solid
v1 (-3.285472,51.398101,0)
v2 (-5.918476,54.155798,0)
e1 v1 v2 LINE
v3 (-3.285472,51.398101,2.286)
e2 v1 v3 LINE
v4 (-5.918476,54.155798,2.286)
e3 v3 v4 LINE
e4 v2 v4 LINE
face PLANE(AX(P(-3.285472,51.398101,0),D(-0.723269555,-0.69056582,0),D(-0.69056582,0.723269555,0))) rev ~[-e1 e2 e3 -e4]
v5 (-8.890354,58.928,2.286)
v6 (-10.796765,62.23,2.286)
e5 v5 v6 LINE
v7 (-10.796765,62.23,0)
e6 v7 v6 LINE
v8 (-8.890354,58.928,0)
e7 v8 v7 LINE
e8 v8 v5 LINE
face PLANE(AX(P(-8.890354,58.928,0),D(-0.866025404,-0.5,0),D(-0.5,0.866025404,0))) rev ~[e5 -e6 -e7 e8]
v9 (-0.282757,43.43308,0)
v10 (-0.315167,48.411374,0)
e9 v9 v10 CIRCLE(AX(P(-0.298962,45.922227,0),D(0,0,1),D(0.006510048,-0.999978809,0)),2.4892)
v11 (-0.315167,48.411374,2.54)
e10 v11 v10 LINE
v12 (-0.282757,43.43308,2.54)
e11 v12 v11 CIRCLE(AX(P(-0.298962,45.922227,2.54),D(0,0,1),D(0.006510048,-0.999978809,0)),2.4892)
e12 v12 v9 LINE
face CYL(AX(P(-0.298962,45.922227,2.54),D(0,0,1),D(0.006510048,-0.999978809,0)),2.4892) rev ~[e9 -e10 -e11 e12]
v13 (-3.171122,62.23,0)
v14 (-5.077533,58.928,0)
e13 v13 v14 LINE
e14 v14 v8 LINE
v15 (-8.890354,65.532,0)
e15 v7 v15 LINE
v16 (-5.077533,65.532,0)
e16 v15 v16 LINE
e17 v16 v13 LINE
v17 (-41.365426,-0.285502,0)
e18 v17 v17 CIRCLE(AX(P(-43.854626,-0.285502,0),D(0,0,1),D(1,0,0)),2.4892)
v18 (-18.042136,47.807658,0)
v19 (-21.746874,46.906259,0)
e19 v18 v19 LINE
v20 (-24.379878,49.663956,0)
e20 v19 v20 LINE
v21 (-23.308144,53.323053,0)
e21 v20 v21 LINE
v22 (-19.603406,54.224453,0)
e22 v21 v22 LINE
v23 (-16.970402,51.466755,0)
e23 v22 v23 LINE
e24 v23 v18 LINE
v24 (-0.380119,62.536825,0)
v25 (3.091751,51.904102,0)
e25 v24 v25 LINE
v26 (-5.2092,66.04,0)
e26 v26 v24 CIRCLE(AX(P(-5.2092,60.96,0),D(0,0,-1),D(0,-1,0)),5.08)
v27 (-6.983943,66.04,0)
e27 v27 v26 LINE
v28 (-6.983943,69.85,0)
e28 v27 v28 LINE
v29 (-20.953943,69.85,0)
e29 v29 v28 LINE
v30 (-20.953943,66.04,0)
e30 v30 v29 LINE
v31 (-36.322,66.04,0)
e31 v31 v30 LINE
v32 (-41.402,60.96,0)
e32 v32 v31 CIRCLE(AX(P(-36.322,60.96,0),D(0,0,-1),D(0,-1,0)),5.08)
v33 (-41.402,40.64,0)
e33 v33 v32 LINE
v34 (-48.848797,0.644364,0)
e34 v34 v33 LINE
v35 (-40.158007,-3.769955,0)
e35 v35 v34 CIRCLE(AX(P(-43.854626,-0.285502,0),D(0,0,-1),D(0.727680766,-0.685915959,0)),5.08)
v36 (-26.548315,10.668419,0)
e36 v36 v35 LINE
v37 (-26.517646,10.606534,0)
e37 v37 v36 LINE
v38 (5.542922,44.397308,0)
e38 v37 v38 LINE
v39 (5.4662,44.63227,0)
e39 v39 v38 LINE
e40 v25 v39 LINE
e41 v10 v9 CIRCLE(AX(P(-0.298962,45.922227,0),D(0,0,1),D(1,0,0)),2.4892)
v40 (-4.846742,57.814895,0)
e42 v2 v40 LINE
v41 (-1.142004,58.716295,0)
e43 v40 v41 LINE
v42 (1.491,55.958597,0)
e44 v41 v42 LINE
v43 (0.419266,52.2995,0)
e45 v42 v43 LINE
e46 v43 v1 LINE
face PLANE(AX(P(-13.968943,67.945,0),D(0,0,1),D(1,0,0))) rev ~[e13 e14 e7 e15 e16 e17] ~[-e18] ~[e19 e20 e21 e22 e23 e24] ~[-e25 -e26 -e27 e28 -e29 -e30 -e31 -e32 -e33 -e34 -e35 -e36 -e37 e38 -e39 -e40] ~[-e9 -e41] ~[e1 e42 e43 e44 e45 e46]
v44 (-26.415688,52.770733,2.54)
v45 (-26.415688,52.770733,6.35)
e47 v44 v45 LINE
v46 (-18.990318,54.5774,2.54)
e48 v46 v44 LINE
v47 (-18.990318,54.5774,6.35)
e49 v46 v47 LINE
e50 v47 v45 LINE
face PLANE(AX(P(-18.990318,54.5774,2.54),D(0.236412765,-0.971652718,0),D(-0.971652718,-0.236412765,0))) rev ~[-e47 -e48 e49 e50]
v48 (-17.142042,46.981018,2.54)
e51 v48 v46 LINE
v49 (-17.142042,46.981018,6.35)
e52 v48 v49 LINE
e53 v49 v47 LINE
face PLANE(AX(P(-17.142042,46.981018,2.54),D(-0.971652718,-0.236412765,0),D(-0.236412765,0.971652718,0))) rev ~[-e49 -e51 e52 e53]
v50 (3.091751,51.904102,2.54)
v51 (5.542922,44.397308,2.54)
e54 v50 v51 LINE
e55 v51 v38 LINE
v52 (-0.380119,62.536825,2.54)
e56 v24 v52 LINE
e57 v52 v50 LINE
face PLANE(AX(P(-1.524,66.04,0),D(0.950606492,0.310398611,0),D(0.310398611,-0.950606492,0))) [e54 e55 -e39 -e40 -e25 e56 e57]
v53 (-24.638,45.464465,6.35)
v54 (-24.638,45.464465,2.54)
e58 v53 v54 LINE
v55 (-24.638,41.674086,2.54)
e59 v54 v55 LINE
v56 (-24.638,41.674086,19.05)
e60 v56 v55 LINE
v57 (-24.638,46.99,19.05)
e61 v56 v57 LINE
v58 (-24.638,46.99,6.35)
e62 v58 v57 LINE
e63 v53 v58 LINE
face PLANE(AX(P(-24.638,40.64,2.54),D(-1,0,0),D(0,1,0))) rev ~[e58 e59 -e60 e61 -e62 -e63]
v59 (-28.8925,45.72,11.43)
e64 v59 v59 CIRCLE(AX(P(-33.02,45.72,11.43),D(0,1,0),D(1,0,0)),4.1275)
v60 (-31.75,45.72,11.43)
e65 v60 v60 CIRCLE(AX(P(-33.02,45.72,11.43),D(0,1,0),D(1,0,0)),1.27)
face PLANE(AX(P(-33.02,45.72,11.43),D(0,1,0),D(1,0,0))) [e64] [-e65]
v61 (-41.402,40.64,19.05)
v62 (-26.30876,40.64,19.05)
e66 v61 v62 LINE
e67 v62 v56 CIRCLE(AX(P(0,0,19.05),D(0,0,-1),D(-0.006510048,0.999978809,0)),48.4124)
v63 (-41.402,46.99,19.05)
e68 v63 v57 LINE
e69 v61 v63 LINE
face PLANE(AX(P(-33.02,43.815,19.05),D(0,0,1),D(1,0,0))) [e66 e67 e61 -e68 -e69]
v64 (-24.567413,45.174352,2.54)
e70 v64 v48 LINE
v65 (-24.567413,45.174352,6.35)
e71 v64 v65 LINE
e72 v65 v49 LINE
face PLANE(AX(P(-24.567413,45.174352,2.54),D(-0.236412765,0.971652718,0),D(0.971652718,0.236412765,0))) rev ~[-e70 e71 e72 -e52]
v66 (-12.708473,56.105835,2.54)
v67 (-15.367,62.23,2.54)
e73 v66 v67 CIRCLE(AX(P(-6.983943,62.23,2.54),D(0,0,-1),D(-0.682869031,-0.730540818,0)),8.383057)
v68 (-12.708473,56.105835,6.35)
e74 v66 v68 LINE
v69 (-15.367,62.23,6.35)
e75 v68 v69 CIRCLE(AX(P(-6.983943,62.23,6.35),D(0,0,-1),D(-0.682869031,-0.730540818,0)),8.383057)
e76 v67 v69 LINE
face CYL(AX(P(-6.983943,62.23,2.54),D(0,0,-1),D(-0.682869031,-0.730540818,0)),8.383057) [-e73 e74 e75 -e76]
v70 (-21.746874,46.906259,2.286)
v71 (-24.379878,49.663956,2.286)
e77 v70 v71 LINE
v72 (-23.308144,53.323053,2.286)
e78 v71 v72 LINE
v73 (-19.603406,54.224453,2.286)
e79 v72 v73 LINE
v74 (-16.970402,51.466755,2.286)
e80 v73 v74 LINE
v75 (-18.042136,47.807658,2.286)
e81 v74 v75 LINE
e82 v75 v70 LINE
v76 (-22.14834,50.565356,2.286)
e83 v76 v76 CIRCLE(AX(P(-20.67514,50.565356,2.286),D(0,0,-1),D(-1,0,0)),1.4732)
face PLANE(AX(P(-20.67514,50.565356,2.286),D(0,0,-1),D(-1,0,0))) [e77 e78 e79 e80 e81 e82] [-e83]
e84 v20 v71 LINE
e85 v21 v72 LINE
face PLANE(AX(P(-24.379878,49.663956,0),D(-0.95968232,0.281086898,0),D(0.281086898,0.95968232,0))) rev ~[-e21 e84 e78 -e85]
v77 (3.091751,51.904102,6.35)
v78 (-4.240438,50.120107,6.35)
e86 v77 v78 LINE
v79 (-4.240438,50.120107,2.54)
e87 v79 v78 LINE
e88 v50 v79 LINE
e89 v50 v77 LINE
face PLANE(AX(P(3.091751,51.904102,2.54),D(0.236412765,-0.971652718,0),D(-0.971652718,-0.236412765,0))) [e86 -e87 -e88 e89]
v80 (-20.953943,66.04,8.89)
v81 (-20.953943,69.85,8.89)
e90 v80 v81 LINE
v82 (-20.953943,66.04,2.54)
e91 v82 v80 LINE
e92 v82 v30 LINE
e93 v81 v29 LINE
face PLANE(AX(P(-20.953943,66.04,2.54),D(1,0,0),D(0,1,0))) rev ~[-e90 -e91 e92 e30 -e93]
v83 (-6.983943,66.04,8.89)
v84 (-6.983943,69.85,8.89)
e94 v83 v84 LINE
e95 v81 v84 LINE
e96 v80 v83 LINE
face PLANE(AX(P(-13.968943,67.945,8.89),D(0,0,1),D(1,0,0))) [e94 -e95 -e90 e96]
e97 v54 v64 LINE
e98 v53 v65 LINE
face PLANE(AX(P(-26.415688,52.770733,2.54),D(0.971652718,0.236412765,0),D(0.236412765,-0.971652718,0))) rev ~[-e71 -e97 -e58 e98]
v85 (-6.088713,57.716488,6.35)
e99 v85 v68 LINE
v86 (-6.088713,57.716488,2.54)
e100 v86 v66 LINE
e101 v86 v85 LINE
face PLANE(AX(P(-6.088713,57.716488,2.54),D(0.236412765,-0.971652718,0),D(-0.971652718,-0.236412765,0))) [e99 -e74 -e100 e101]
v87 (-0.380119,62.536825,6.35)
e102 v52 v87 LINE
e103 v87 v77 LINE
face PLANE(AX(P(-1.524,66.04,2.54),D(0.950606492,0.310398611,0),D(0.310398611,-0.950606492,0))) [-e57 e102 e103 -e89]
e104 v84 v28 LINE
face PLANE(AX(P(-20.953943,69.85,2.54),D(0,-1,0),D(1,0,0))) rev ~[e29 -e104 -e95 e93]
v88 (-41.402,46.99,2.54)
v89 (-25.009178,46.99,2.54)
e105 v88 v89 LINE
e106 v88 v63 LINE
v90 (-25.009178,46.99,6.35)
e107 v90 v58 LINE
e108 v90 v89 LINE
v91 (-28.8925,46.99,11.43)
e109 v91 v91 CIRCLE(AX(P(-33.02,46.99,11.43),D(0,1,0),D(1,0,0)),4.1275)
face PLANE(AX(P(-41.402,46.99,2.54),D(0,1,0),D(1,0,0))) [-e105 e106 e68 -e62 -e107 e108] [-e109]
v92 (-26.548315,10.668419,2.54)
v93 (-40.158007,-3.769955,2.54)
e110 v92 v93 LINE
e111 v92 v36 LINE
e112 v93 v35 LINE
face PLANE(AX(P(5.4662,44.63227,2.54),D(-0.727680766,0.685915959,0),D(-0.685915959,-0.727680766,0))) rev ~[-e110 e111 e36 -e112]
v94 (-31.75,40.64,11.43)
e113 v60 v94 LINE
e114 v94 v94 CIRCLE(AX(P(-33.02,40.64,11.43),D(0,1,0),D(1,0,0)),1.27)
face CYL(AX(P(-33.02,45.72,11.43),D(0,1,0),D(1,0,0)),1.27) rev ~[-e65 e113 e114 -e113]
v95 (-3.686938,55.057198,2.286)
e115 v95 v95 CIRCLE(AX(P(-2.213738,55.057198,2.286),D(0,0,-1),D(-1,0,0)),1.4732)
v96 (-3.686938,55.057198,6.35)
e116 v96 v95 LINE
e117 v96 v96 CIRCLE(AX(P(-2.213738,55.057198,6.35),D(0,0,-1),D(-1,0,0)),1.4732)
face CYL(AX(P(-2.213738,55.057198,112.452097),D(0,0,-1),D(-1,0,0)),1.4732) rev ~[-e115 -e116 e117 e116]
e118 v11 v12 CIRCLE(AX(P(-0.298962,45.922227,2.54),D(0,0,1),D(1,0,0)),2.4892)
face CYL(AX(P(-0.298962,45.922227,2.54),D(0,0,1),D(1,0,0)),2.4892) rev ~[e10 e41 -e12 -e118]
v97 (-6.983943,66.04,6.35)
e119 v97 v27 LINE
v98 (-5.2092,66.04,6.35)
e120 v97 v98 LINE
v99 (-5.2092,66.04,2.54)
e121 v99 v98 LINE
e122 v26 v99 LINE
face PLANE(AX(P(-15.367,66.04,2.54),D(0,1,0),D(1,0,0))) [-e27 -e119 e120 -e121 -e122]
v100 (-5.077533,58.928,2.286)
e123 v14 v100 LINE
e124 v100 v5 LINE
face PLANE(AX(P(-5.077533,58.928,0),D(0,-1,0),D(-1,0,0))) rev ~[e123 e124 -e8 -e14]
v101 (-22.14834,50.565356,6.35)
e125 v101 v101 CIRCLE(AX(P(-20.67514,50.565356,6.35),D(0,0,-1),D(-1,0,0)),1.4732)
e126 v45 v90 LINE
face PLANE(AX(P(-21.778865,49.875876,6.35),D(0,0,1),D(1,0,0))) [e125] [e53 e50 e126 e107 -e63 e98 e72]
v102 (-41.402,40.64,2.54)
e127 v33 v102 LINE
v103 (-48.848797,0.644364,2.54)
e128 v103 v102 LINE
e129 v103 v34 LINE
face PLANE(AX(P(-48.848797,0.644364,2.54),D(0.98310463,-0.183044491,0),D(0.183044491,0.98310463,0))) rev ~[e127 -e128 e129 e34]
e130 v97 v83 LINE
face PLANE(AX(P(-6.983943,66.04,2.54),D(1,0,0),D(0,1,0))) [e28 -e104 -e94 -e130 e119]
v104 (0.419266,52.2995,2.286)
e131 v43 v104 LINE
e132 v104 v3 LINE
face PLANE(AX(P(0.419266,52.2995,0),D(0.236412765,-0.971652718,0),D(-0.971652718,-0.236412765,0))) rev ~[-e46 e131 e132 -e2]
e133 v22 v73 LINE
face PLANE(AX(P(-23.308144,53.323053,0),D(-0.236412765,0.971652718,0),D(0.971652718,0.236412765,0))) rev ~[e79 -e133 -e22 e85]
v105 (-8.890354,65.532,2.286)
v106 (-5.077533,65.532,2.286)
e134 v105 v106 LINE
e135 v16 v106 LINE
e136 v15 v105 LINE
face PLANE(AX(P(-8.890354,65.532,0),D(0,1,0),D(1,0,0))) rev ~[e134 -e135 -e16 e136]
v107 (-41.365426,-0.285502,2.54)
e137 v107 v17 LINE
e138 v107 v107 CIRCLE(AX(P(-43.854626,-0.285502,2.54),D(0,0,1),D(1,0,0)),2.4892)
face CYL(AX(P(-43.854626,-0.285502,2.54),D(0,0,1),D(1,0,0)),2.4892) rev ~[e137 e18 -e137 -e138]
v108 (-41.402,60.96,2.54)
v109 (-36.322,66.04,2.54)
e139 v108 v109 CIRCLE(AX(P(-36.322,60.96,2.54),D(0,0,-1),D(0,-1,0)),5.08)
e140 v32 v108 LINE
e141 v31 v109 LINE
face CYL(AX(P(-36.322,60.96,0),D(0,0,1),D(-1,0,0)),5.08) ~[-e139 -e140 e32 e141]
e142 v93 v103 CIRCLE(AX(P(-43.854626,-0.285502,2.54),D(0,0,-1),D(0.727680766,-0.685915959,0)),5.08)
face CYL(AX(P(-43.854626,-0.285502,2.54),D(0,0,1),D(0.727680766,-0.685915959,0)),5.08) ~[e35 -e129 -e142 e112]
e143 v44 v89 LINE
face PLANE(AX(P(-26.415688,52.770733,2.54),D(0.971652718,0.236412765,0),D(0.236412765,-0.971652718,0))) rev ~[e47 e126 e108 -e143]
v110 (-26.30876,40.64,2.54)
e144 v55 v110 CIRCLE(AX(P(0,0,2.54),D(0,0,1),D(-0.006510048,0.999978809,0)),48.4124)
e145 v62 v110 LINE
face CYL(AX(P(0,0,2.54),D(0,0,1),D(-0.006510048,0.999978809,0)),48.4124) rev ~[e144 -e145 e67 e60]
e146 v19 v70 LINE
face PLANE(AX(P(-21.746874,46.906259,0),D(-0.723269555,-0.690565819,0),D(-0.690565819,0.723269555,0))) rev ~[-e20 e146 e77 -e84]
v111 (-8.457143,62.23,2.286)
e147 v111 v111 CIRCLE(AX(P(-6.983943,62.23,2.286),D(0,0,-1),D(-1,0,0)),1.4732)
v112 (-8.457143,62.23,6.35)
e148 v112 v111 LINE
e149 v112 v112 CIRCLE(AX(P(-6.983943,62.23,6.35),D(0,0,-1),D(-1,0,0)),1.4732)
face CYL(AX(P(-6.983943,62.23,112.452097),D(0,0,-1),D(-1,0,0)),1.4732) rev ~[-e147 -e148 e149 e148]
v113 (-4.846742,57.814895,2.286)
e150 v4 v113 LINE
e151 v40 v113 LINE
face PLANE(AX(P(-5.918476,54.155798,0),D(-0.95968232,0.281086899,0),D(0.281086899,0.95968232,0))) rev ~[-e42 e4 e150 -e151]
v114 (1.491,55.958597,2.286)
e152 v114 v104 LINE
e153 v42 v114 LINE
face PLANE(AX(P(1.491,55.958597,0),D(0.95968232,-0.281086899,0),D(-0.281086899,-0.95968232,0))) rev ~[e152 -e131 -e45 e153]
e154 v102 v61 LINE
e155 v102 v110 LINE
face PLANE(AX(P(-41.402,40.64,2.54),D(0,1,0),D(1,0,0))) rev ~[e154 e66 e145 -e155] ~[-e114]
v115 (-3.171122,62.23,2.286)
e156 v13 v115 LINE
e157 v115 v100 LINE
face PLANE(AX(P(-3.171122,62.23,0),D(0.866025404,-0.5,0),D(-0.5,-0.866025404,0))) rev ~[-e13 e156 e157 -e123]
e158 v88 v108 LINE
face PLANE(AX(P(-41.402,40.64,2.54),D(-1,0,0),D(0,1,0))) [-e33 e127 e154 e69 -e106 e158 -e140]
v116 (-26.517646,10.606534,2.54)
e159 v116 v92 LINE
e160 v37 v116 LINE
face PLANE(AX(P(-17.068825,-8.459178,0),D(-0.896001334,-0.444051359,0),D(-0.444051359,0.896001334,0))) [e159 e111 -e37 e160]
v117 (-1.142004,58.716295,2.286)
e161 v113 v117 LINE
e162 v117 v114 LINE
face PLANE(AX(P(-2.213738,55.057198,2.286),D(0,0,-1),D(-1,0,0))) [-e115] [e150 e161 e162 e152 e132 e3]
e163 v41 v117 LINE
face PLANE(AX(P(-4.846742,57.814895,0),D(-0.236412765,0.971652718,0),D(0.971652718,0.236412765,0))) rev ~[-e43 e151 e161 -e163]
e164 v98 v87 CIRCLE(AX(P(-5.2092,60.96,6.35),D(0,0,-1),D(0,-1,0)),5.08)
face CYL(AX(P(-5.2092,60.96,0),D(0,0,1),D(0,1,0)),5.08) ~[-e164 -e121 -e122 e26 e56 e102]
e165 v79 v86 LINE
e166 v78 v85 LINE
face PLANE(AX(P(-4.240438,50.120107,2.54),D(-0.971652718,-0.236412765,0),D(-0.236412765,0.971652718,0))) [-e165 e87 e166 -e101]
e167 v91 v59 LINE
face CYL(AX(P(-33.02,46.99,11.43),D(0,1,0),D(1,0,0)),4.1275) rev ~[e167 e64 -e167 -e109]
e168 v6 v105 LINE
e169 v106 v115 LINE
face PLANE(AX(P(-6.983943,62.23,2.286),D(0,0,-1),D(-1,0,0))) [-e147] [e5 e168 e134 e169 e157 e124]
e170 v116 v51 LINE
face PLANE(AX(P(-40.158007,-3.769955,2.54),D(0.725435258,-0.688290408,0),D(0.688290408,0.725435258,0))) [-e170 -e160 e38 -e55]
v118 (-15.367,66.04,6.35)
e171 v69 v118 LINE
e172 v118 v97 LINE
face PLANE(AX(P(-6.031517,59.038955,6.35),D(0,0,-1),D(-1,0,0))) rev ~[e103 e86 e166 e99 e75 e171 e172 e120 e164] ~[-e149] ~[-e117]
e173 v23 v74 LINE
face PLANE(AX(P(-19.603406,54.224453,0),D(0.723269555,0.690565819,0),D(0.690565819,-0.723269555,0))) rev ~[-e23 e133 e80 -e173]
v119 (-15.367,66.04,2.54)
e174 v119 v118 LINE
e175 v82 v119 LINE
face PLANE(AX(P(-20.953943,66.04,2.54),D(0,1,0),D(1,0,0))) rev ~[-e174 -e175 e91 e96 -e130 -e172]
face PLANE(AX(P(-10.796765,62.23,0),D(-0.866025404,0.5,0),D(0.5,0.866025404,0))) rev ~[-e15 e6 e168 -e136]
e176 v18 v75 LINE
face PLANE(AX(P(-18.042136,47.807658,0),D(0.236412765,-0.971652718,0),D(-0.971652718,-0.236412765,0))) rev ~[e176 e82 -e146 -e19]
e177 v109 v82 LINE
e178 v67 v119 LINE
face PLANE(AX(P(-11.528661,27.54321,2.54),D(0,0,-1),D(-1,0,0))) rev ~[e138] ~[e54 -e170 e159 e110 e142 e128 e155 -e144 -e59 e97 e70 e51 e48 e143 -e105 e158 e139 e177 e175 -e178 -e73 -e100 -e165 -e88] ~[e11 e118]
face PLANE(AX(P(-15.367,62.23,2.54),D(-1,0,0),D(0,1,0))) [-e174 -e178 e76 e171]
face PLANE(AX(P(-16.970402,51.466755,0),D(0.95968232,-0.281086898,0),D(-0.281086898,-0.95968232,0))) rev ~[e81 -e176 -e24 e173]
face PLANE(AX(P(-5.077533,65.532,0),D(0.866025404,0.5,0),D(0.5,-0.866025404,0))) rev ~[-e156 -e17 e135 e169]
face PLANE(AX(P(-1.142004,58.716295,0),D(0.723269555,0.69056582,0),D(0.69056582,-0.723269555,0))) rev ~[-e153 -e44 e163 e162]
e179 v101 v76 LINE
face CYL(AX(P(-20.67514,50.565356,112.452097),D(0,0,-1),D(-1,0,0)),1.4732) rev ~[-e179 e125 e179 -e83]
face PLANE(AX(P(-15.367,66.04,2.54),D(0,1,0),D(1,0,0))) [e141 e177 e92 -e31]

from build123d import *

# Parameters (mm, degrees)
SKETCH2_R                = 3.81
BOSS_EXTRUDE1_DEPTH      = 2.54
SKETCH5_W                = 16.764
SKETCH5_H                = 6.35
BOSS_EXTRUDE2_DEPTH      = 16.51
SKETCH6_R                = 4.1275
CUT_EXTRUDE2_DEPTH       = 1.27
SKETCH7_R                = 1.27
CUT_EXTRUDE3_DEPTH       = 65.77
CUT_EXTRUDE4_DEPTH       = 2.286
BOSS_EXTRUDE3_DEPTH      = 3.81
F_4_CLEARANCE_HOLE1_D    = 2.9464
SKETCH14_W               = 13.97
SKETCH14_H               = 3.81
BOSS_EXTRUDE6_DEPTH      = 6.35
BOSS_EXTRUDE6_DEPTH_BACK = 2.54
FILLET1_R                = 5.08
CUT_EXTRUDE5_DEPTH       = 17.51
CUT_EXTRUDE5_DEPTH_BACK  = 3.54
SKETCH19_R               = 2.4892
BOSS_EXTRUDE8_DEPTH      = 2.54
CUT_EXTRUDE8_DEPTH       = 2.54


with BuildPart() as part:
    # Sketch2 → Boss-Extrude1 (new body)
    with BuildSketch(Plane.XY):
        with BuildLine():
            Line((-17.068825413, -8.459178389), (-41.402, 40.64))
            Line((-41.402, 40.64), (-41.402, 66.04))
            Line((-41.402, 66.04), (-1.524, 66.04))
            Line((-1.524, 66.04), (18.109053667, 5.913093546))
            ThreePointArc((18.109053667, 5.913093546), (7.204933647, -17.634949139), (-17.068825413, -8.459178389))
        make_face()
        Circle(SKETCH2_R, mode=Mode.SUBTRACT)
    extrude(amount=BOSS_EXTRUDE1_DEPTH)

    # Sketch5 → Boss-Extrude2 (add)
    with BuildSketch(Plane.XY.offset(2.54)):
        with Locations((-33.02, 43.815)):
            Rectangle(SKETCH5_W, SKETCH5_H)
    extrude(amount=BOSS_EXTRUDE2_DEPTH)

    # Sketch6 → Cut-Extrude2 (cut)
    with BuildSketch(Plane(origin=(0, 46.99, 0), x_dir=(1, 0, 0), z_dir=(0, 1, 0))):
        with Locations((-33.02, -11.43)):
            Circle(SKETCH6_R)
    extrude(amount=-CUT_EXTRUDE2_DEPTH, mode=Mode.SUBTRACT)

    # Sketch7 → Cut-Extrude3 (cut, through all)
    with BuildSketch(Plane(origin=(0, 45.72, 0), x_dir=(1, 0, 0), z_dir=(0, 1, 0))):
        with Locations((-33.02, -11.43)):
            Circle(SKETCH7_R)
    extrude(amount=-CUT_EXTRUDE3_DEPTH, mode=Mode.SUBTRACT)

    # Sketch9 → Cut-Extrude4 (cut)
    with BuildSketch(Plane(origin=(0, 0, 0), x_dir=(-1, 0, 0), z_dir=(0, 0, -1))):
        Polygon((3.171122265, 62.23), (5.077532854, 58.928), (8.890354032, 58.928), (10.796764621, 62.23), (8.890354032, 65.532), (5.077532854, 65.532), align=None)
        Polygon((24.379877895, 49.663956202), (23.308143816, 53.323053276), (19.603405755, 54.224452874), (16.970401774, 51.466755398), (18.042135853, 47.807658324), (21.746873914, 46.906258726), align=None)
        Polygon((5.918476139, 54.15579827), (4.846742059, 57.814895344), (1.142003999, 58.716294942), (-1.490999983, 55.958597466), (-0.419265903, 52.299500392), (3.285472157, 51.398100794), align=None)
    extrude(amount=-CUT_EXTRUDE4_DEPTH, mode=Mode.SUBTRACT)

    # Sketch8 → Boss-Extrude3 (add)
    with BuildSketch(Plane.XY.offset(2.54)):
        with BuildLine():
            Line((-15.367, 66.04), (-6.983943443, 66.04))
            Line((-6.983943443, 66.04), (-1.524, 66.04))
            Line((-1.524, 66.04), (3.09175139, 51.904101595))
            Line((3.09175139, 51.904101595), (-4.240438106, 50.120107003))
            Line((-4.240438106, 50.120107003), (-6.088713216, 57.716488409))
            Line((-6.088713216, 57.716488409), (-12.708473154, 56.10583501))
            ThreePointArc((-12.708473154, 56.10583501), (-14.673699407, 58.891843255), (-15.367, 62.23))
            Line((-15.367, 62.23), (-15.367, 66.04))
        make_face()
        Polygon((-17.142042414, 46.981018422), (-18.990317524, 54.577399829), (-26.415687706, 52.770733449), (-24.567412596, 45.174352043), align=None)
    extrude(amount=BOSS_EXTRUDE3_DEPTH)

    # #4 Clearance Hole1 (through all)
    with Locations(Plane.XY.offset(6.35)):
        with Locations((-6.983943443, 62.23), (-20.675139834, 50.5653558), (-2.213738078, 55.057197868)):
            Hole(F_4_CLEARANCE_HOLE1_D / 2)

    # Sketch14 → Boss-Extrude6 (add, two sides)
    with BuildSketch(Plane.XY.offset(2.54)) as boss_extrude6_sk:
        with Locations((-13.968943443, 67.945)):
            Rectangle(SKETCH14_W, SKETCH14_H)
    extrude(amount=BOSS_EXTRUDE6_DEPTH)
    extrude(boss_extrude6_sk.sketch, amount=-BOSS_EXTRUDE6_DEPTH_BACK)

    # Fillet1
    fillet1_edges = [part.edges().sort_by_distance(p)[0] for p in [
        (-41.402, 66.04, 1.27),
        (-1.524, 66.04, 3.175),
    ]]
    fillet(fillet1_edges, radius=FILLET1_R)

    # Sketch15 → Cut-Extrude5 (cut, two sides)
    with BuildSketch(Plane.XY.offset(2.54)) as cut_extrude5_sk:
        with BuildLine():
            ThreePointArc((-0.315167053, 48.411374113), (-18.310138041, 44.816284079), (-33.674369734, 34.782140486))
            ThreePointArc((-33.674369734, 34.782140486), (-33.731327517, 31.262340905), (-30.211527936, 31.205383122))
            ThreePointArc((-30.211527936, 31.205383122), (-16.427248714, 40.207684038), (-0.28275743, 43.433079608))
            ThreePointArc((-0.28275743, 43.433079608), (2.190185011, 45.938431672), (-0.315167053, 48.411374113))
        make_face()
    extrude(amount=CUT_EXTRUDE5_DEPTH, mode=Mode.SUBTRACT)
    extrude(cut_extrude5_sk.sketch, amount=-CUT_EXTRUDE5_DEPTH_BACK, mode=Mode.SUBTRACT)

    # Sketch19 → Boss-Extrude8 (add, through all)
    with BuildSketch(Plane.XY.offset(2.54)):
        with BuildLine():
            Line((5.466200245, 44.632269783), (-40.158007355, -3.769954845))
            ThreePointArc((-40.158007355, -3.769954845), (-46.15516131, -4.814733016), (-48.848797168, 0.64436424))
            Line((-48.848797168, 0.64436424), (-41.402, 40.64))
            Line((-41.402, 40.64), (3.09175139, 51.904101595))
            Line((3.09175139, 51.904101595), (5.466200245, 44.632269783))
        make_face()
        with Locations((-0.298962241, 45.92222686)):
            Circle(SKETCH19_R, mode=Mode.SUBTRACT)
        with Locations((-43.854625645, -0.285501773)):
            Circle(SKETCH19_R, mode=Mode.SUBTRACT)
    extrude(amount=-BOSS_EXTRUDE8_DEPTH)

    # Sketch20 → Cut-Extrude8 (cut)
    with BuildSketch(Plane.XY.offset(2.54)):
        Polygon((-40.158007355, -3.769954845), (10.729493517, 49.863783044), (48.07174347, 14.433588323), (-7.673080914, -44.319607422), align=None)
    extrude(amount=-CUT_EXTRUDE8_DEPTH, mode=Mode.SUBTRACT)


solid = part.part
